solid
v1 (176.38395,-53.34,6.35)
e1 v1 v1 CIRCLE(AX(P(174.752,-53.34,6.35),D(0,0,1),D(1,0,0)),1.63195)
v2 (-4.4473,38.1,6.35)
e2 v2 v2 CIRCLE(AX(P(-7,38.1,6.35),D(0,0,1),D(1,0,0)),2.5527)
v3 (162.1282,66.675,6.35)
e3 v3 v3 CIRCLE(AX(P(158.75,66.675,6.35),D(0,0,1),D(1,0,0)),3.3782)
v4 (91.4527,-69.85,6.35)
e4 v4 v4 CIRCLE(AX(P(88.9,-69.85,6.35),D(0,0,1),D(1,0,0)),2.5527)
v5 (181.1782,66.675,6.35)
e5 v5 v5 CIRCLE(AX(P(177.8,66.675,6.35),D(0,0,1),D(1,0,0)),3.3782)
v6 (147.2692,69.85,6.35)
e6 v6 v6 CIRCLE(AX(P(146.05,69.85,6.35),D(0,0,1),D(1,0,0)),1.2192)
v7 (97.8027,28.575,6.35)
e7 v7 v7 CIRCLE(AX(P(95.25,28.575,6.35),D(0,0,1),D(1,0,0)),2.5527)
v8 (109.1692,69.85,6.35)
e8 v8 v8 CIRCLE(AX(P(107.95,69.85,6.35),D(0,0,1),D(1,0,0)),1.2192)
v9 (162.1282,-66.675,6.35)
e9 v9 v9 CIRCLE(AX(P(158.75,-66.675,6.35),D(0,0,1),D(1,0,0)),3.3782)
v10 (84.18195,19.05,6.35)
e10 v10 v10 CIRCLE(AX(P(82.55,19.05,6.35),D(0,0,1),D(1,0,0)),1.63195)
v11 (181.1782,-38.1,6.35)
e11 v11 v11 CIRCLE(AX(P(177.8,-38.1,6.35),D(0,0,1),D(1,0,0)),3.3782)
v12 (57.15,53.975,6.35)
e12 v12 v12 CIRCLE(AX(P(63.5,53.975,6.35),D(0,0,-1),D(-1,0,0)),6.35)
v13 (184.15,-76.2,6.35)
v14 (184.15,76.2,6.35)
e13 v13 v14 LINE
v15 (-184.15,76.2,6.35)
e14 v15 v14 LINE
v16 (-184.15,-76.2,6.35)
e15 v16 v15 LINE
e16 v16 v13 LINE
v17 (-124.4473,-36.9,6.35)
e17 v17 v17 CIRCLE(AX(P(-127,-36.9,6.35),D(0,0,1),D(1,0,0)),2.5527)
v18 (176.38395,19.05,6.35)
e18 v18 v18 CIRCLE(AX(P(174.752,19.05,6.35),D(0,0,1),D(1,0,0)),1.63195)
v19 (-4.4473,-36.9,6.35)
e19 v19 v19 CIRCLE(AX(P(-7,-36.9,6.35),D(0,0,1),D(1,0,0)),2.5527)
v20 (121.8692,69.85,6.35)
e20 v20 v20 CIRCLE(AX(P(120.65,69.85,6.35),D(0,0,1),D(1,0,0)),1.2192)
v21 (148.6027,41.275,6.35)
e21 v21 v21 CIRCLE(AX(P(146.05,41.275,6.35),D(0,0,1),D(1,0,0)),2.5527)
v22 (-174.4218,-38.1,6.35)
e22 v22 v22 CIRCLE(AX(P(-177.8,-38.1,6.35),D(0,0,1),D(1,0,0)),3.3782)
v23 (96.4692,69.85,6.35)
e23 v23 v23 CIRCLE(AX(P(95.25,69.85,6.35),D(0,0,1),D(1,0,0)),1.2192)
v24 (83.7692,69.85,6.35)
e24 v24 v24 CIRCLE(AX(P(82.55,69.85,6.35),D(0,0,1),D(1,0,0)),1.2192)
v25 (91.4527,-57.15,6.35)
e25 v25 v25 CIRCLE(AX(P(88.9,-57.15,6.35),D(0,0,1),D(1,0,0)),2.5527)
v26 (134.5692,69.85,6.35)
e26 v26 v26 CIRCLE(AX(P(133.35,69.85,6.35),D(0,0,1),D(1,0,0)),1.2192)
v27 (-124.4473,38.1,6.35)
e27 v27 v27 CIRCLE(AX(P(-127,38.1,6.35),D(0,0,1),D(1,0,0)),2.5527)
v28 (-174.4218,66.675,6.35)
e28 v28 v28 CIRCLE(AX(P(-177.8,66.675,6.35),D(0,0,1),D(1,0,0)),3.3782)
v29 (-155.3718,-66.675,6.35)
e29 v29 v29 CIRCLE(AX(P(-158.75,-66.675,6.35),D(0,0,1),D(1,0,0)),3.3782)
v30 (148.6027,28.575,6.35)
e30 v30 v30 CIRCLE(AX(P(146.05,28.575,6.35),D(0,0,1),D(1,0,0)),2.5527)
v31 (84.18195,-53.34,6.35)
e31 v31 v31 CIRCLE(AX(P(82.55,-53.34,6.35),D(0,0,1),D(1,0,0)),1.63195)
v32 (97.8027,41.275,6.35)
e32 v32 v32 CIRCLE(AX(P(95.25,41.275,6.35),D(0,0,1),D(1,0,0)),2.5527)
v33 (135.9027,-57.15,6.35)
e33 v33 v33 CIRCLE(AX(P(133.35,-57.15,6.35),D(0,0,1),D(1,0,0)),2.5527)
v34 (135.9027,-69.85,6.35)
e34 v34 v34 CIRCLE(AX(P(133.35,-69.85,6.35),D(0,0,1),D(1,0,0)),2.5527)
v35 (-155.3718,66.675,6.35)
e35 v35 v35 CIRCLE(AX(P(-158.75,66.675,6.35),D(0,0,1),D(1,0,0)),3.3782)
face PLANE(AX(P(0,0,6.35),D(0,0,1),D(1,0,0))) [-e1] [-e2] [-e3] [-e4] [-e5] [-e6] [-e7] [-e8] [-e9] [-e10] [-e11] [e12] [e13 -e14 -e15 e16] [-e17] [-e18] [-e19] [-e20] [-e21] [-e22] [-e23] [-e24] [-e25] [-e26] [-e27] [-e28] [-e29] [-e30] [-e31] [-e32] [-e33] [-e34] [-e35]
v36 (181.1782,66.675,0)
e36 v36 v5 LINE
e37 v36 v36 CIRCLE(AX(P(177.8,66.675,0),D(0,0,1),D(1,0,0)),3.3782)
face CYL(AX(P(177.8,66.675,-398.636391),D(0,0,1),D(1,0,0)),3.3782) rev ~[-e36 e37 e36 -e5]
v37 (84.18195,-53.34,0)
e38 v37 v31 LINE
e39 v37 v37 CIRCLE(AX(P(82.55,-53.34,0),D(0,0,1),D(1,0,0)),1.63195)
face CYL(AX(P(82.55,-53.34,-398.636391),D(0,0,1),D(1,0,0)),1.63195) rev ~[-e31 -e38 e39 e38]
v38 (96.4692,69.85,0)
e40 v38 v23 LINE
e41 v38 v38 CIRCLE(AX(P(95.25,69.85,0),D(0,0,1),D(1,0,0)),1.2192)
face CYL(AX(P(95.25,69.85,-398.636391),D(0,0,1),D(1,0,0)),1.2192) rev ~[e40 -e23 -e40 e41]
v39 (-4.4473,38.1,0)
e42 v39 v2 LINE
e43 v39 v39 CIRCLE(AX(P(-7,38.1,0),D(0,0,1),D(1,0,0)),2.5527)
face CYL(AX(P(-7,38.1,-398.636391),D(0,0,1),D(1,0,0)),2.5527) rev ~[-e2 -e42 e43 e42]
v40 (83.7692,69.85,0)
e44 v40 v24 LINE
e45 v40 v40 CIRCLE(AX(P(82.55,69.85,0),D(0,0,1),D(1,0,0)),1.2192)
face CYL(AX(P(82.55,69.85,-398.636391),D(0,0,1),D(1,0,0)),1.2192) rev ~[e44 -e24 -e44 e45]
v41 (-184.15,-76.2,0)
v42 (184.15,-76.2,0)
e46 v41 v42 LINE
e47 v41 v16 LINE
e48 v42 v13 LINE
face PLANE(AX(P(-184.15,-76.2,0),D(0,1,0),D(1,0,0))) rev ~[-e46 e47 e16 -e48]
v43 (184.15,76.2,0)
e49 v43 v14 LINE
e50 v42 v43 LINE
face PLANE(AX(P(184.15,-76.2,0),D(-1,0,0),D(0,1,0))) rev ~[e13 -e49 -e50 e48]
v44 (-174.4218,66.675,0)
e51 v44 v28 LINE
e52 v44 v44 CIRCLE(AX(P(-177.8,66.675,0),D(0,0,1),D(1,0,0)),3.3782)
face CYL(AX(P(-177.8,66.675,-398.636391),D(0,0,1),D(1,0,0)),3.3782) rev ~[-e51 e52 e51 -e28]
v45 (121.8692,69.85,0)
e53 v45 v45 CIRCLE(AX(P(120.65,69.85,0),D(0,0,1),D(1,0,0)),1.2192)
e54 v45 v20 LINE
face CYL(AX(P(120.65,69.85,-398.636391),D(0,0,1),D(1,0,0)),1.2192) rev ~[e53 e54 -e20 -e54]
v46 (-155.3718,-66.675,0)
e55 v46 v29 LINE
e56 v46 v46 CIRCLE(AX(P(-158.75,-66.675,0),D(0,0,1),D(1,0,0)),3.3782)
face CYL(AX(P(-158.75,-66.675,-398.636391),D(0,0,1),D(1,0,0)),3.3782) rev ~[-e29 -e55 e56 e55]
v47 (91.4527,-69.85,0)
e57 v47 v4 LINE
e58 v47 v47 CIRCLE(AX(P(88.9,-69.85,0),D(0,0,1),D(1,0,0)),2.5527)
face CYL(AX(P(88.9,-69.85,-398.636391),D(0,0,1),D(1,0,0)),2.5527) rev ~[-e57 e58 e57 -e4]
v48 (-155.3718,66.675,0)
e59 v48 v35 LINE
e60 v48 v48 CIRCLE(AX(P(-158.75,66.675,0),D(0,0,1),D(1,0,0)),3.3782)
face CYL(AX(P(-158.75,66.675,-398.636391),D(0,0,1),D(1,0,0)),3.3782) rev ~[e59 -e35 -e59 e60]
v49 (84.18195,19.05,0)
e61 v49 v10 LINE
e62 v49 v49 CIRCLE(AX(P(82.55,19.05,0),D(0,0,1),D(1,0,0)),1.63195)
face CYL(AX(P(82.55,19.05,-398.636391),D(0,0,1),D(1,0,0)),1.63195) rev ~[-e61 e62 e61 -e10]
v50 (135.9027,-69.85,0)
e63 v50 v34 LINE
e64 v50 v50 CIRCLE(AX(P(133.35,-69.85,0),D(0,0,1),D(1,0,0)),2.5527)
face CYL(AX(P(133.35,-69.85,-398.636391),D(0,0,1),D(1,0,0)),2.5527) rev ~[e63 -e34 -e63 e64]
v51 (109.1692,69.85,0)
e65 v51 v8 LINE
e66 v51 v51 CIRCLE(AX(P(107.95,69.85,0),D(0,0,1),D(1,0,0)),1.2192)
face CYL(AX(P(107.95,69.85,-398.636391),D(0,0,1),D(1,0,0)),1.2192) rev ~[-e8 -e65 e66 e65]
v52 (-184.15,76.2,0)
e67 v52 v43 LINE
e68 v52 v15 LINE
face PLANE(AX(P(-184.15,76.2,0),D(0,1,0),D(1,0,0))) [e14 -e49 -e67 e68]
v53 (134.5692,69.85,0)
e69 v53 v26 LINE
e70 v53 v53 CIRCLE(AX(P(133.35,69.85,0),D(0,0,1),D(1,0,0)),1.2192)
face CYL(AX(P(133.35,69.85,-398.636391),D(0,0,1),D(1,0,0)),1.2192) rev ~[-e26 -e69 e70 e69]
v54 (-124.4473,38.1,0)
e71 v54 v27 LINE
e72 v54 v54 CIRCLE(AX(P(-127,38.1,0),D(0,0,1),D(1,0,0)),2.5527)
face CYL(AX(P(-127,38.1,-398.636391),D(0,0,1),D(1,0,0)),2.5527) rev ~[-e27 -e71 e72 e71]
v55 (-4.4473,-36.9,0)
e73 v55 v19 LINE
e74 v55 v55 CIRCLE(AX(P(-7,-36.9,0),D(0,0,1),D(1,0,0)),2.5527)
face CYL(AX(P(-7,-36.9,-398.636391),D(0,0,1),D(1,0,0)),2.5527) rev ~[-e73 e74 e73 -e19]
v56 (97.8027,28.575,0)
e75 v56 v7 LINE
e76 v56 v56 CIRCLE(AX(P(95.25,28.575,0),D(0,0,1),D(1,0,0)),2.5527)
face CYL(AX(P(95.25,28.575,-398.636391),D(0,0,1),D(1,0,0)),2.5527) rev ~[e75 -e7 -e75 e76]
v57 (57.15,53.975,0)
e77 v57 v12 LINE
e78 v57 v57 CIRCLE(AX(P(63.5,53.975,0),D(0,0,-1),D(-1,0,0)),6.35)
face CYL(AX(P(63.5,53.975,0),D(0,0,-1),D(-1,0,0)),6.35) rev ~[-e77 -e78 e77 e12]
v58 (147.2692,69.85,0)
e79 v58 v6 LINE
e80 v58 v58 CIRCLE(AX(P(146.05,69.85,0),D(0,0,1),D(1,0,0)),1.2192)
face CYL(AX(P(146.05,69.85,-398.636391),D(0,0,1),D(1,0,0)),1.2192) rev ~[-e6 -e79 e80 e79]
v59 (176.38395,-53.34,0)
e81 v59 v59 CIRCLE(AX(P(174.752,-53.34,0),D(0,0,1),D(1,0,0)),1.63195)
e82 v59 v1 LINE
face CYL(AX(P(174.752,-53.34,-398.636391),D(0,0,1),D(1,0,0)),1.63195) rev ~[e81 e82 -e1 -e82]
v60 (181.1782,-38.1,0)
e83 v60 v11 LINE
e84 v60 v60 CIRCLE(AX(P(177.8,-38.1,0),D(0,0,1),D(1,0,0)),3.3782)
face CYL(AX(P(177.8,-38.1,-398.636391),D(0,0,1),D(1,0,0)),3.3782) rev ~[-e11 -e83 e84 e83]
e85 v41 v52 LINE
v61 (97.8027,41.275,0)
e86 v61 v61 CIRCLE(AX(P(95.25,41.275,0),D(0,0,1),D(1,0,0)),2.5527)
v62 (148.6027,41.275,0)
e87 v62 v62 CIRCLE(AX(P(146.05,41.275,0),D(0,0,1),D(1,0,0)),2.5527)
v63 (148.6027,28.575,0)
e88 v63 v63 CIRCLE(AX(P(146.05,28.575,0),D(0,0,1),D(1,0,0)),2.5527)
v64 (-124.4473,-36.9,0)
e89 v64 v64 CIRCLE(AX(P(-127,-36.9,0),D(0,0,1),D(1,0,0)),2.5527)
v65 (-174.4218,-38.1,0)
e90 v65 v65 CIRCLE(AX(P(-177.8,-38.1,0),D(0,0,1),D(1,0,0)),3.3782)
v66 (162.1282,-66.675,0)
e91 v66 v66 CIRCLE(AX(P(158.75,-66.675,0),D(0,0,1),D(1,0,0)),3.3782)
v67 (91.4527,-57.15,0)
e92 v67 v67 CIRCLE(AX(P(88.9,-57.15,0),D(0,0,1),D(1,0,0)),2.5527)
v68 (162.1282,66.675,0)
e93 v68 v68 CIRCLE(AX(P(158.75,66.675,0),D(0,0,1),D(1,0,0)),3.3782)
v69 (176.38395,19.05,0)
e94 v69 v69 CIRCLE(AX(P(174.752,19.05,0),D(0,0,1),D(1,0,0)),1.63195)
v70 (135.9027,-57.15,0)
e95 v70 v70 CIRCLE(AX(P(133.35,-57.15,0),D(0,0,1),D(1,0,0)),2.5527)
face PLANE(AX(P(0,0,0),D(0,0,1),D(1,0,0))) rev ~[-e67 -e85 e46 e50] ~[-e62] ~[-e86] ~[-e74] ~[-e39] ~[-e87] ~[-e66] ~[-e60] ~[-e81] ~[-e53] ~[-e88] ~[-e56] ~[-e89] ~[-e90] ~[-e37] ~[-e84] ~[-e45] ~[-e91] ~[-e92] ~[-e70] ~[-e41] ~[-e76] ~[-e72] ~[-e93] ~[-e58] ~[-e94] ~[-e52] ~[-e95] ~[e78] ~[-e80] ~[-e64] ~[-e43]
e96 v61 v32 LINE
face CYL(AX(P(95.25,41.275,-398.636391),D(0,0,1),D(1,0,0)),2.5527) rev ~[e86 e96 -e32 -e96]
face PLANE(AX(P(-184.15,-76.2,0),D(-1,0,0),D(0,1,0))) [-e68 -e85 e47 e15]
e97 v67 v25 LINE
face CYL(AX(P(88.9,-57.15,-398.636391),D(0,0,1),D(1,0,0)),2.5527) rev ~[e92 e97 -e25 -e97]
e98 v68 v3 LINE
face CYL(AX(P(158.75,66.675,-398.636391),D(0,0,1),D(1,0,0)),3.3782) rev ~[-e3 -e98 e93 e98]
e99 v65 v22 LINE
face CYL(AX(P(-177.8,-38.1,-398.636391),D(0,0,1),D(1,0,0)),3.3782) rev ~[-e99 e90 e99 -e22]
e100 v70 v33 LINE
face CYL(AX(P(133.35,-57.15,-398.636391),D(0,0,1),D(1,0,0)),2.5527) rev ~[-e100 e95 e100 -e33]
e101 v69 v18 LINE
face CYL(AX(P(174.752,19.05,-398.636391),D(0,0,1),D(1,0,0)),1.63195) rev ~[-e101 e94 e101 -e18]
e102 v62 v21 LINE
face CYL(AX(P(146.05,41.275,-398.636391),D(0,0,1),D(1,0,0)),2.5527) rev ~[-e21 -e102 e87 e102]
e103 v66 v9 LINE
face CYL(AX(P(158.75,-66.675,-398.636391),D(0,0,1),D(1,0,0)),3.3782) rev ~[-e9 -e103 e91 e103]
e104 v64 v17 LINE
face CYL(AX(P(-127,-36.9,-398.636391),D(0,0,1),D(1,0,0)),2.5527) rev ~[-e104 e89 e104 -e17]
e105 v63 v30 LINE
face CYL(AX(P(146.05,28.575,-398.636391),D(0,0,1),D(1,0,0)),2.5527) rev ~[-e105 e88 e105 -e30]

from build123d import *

# Parameters (mm, degrees)
SKETCH1_W               = 368.3
SKETCH1_H               = 152.4
BOSS_EXTRUDE1_DEPTH     = 6.35
F_4_CLEARANCE_HOLE1_D   = 3.2639
F_1_4_CLEARANCE_HOLE1_D = 6.7564
F_1_4_CLEARANCE_HOLE2_D = 6.7564
SKETCH10_R              = 6.35
CUT_EXTRUDE1_DEPTH      = 200.394044545
F_2_CLEARANCE_HOLE1_D   = 2.4384
F_10_CLEARANCE_HOLE2_D  = 5.1054
F_10_CLEARANCE_HOLE1_D  = 5.1054
F_10_CLEARANCE_HOLE3_D  = 5.1054


with BuildPart() as part:
    # Sketch1 → Boss-Extrude1 (new body)
    with BuildSketch(Plane.XY):
        Rectangle(SKETCH1_W, SKETCH1_H)
    extrude(amount=BOSS_EXTRUDE1_DEPTH)

    # #4 Clearance Hole1 (through all)
    with Locations(Plane(origin=(0, 0, 0), x_dir=(-1, 0, 0), z_dir=(0, 0, -1))):
        with Locations((-174.752, 19.05), (-82.55, -53.34), (-174.752, -53.34), (-82.55, 19.05)):
            Hole(F_4_CLEARANCE_HOLE1_D / 2)

    # 1/4 Clearance Hole1 (through all)
    with Locations(Plane(origin=(0, 0, 0), x_dir=(-1, 0, 0), z_dir=(0, 0, -1))):
        with Locations((-158.75, 66.675), (158.75, -66.675), (-158.75, -66.675), (158.75, 66.675)):
            Hole(F_1_4_CLEARANCE_HOLE1_D / 2)

    # 1/4 Clearance Hole2 (through all)
    with Locations(Plane(origin=(0, 0, 0), x_dir=(-1, 0, 0), z_dir=(0, 0, -1))):
        with Locations((-177.8, 66.675), (177.8, -38.1), (-177.8, -38.1), (177.8, 66.675)):
            Hole(F_1_4_CLEARANCE_HOLE2_D / 2)

    # Sketch10 → Cut-Extrude1 (cut, through all)
    with BuildSketch(Plane(origin=(0, 0, 0), x_dir=(-1, 0, 0), z_dir=(0, 0, -1))):
        with Locations((-63.5, 53.975)):
            Circle(SKETCH10_R)
    extrude(amount=-CUT_EXTRUDE1_DEPTH, mode=Mode.SUBTRACT)

    # #2 Clearance Hole1 (through all)
    with Locations(Plane(origin=(0, 0, 0), x_dir=(-1, 0, 0), z_dir=(0, 0, -1))):
        with Locations((-133.35, 69.85), (-146.05, 69.85), (-120.65, 69.85), (-107.95, 69.85), (-95.25, 69.85), (-82.55, 69.85)):
            Hole(F_2_CLEARANCE_HOLE1_D / 2)

    # #10 Clearance Hole2 (through all)
    with Locations(Plane(origin=(0, 0, 0), x_dir=(-1, 0, 0), z_dir=(0, 0, -1))):
        with Locations((-146.05, 41.275), (-146.05, 28.575), (-95.25, 41.275), (-95.25, 28.575)):
            Hole(F_10_CLEARANCE_HOLE2_D / 2)

    # #10 Clearance Hole1 (through all)
    with Locations(Plane(origin=(0, 0, 0), x_dir=(-1, 0, 0), z_dir=(0, 0, -1))):
        with Locations((7, 38.1), (127, -36.9), (7, -36.9), (127, 38.1)):
            Hole(F_10_CLEARANCE_HOLE1_D / 2)

    # #10 Clearance Hole3 (through all)
    with Locations(Plane(origin=(0, 0, 0), x_dir=(-1, 0, 0), z_dir=(0, 0, -1))):
        with Locations((-133.35, -57.15), (-88.9, -69.85), (-133.35, -69.85), (-88.9, -57.15)):
            Hole(F_10_CLEARANCE_HOLE3_D / 2)


solid = part.part
